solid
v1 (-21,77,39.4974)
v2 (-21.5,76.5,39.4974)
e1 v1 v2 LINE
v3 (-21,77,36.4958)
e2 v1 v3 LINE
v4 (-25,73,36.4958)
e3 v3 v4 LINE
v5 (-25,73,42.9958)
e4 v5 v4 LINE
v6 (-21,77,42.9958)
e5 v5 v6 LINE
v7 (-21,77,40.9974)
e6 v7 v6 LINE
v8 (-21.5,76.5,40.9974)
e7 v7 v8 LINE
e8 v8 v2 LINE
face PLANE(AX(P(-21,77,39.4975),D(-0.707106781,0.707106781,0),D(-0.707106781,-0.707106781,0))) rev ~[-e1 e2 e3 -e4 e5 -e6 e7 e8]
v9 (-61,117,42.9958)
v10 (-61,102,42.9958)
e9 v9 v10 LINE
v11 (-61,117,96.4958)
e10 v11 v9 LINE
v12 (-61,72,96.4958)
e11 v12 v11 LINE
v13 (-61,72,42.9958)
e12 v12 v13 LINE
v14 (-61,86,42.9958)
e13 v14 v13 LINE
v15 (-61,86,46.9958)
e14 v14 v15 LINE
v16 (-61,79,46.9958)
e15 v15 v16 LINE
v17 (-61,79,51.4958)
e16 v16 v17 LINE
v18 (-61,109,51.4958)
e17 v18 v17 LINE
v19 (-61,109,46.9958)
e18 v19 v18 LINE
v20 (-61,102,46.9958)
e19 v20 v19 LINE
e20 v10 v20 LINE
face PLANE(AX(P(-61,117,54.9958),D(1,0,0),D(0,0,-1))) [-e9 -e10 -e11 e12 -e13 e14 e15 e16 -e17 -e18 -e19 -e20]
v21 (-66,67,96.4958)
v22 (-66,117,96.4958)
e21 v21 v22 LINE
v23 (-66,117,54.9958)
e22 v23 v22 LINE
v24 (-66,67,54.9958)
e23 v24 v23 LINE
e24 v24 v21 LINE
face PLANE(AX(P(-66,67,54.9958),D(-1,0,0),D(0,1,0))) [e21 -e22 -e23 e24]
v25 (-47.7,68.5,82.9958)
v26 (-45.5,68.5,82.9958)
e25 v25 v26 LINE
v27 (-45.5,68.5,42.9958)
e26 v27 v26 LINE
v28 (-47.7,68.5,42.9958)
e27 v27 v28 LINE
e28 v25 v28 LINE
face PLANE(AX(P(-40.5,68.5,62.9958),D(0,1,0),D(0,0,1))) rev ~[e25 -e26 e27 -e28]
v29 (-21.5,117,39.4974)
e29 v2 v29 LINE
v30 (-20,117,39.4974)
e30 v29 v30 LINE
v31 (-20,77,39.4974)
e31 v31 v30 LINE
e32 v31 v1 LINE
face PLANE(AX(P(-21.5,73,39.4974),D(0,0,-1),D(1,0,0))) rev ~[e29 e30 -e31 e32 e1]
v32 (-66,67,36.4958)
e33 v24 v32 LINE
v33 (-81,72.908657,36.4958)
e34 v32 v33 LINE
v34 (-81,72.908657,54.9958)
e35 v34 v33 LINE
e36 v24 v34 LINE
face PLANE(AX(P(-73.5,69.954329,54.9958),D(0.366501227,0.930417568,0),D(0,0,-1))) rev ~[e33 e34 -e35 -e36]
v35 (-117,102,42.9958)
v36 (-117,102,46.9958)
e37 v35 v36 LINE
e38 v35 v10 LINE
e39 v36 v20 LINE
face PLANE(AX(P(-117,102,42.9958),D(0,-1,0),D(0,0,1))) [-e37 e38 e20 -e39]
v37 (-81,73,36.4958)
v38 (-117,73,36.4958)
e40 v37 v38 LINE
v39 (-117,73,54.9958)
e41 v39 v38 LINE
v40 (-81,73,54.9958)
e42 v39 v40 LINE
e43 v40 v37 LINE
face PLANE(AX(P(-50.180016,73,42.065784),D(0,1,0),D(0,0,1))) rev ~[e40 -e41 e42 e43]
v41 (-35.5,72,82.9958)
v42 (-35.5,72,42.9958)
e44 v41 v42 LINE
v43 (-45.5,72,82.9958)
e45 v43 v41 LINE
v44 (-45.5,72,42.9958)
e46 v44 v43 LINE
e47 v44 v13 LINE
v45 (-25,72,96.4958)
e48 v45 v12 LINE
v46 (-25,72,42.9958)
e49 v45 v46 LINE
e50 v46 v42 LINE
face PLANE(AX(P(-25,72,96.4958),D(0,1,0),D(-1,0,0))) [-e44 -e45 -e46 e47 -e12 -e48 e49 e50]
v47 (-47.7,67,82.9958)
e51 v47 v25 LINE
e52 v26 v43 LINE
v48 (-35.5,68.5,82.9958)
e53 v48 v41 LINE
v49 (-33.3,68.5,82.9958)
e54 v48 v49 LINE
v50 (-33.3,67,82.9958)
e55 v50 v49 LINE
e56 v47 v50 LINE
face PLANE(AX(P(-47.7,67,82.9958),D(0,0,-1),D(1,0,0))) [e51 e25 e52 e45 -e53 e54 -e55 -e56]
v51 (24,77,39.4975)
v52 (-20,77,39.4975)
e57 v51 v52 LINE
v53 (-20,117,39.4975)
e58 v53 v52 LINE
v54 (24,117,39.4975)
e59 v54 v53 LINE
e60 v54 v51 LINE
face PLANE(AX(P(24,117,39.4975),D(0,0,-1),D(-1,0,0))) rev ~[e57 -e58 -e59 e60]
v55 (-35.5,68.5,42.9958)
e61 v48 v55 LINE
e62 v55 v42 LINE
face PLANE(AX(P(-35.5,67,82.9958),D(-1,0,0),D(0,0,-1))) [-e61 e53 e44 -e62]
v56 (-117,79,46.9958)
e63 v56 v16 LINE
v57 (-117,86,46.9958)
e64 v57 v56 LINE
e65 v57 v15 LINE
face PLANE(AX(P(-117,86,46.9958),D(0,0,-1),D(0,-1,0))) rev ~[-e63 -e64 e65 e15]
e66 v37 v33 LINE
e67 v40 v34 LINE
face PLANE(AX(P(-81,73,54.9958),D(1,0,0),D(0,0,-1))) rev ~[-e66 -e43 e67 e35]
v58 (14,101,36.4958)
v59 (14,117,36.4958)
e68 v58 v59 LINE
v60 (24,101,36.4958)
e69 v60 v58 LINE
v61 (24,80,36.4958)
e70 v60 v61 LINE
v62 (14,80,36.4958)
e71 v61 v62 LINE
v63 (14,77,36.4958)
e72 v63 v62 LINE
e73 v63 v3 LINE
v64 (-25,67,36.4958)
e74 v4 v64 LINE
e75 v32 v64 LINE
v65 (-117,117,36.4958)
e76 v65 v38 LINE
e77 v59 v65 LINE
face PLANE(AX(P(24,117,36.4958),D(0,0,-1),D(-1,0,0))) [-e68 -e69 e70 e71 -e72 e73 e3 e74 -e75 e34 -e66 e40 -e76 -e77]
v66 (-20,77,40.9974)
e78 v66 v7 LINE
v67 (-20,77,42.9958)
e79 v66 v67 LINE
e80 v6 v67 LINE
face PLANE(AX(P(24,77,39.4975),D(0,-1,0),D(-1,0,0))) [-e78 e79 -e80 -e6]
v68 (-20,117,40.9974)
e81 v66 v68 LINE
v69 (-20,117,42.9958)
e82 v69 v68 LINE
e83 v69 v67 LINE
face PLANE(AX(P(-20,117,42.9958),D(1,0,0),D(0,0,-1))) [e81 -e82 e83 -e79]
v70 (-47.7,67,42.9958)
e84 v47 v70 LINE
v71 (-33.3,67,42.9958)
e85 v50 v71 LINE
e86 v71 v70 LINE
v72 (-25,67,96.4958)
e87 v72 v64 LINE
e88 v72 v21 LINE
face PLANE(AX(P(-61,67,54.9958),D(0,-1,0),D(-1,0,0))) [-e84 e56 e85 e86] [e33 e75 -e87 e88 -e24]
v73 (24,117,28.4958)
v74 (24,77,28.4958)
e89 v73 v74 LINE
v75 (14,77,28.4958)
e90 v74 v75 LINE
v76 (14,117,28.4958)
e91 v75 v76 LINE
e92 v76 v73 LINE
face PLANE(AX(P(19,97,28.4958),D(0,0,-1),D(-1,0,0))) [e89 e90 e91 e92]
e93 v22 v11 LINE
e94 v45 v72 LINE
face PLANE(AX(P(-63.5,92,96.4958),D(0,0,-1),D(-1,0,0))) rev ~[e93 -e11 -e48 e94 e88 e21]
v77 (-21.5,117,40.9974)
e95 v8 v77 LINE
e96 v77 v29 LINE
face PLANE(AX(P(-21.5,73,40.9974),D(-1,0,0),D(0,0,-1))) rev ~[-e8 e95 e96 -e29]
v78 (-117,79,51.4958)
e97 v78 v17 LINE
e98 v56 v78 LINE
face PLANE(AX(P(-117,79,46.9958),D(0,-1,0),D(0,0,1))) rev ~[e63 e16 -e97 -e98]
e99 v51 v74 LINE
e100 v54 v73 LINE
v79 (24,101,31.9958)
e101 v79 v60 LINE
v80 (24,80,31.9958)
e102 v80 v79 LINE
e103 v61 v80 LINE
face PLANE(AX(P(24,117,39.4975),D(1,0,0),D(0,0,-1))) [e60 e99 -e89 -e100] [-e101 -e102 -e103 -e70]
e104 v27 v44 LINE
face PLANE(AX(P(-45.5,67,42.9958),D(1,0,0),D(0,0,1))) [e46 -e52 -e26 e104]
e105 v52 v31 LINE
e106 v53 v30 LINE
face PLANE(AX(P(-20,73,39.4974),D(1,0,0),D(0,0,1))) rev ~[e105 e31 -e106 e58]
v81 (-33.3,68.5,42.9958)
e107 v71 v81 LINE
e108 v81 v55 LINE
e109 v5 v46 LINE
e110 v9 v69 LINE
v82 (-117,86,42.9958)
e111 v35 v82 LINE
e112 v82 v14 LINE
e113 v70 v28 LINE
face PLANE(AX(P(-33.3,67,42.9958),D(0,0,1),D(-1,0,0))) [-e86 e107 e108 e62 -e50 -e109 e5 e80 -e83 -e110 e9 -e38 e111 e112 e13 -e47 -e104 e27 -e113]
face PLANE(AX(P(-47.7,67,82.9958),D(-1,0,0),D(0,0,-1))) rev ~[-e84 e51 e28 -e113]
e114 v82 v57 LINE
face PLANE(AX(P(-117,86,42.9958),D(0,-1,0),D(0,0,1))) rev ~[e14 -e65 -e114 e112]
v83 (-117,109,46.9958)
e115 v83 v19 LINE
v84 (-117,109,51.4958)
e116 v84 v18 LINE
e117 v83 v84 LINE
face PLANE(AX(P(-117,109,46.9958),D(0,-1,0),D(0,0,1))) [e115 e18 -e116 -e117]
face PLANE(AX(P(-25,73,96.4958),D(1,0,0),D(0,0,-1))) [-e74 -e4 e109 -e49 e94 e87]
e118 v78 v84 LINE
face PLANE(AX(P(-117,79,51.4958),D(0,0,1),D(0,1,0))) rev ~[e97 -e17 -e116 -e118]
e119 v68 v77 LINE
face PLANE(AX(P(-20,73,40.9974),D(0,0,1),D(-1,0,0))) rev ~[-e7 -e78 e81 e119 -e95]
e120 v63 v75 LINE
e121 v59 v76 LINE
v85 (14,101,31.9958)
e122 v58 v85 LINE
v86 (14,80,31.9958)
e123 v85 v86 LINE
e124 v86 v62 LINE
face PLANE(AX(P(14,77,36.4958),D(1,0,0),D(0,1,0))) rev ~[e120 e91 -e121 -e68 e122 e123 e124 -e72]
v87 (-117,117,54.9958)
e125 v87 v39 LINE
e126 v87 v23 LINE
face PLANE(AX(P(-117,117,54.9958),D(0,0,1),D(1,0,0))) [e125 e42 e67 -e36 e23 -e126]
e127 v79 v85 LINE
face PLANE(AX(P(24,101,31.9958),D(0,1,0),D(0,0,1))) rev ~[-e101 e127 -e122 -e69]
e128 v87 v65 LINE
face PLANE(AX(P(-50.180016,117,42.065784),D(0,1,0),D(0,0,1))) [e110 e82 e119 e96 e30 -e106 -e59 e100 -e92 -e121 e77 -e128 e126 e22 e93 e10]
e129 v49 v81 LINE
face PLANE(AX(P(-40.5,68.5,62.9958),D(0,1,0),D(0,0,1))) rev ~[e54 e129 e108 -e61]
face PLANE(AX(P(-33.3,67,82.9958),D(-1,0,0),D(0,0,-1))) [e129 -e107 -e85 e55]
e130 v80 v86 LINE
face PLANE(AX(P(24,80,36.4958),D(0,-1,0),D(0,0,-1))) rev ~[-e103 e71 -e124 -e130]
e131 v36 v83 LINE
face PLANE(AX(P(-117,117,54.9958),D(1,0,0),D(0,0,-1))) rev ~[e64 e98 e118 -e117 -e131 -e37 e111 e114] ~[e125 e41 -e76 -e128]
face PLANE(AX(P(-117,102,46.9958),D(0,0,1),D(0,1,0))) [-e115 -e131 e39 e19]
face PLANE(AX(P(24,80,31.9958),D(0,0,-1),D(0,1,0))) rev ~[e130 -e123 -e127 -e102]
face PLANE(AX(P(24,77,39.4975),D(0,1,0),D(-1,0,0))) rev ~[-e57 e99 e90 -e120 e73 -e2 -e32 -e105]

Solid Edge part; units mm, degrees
sketch "Sketch1" plane through (0, 117, 0) normal (0, -1, 0) x (1, 0, 0)
  line L0 (-117, 54.9958) -> (-61, 54.9958)
  line L1 (-61, 54.9958) -> (-61, 42.9958)
  line L2 (-61, 42.9958) -> (-20, 42.9958)
  line L3 (-20, 42.9958) -> (-20, 39.4975)
  line L4 (24, 39.4975) -> (-20, 39.4975)
  line L5 (24, 39.4975) -> (24, 36.4958)
  line L6 (24, 36.4958) -> (-117, 36.4958)
  line L7 (-117, 54.9958) -> (-117, 36.4958)
extrude "Protrusion1" add sketch "Sketch1" along normal blind 44
sketch "Sketch2" plane through (-117, 95, 45.2466) normal (-1, 0, 0) x (0, -1, 0)
  line L0 (9, 1.7492) -> (16, 1.7492)
  line L1 (16, 1.7492) -> (16, 6.2492)
  line L2 (16, 6.2492) -> (1, 6.2492)
  line L3 (-14, 6.2492) -> (1, 6.2492)
  line L4 (-14, 1.7492) -> (-14, 6.2492)
  line L5 (-7, 1.7492) -> (-14, 1.7492)
  line L6 (-7, -2.2508) -> (-7, 1.7492)
  line L7 (-7, -2.2508) -> (9, -2.2508)
  line L8 (9, -2.2508) -> (9, 1.7492)
extrude "Cutout1" cut sketch "Sketch2" against normal up to next
sketch "Sketch3" plane through (-2.5, 73, 39.2466) normal (0, -1, 0) x (1, 0, 0)
  line L0 (-17.5, 1.7508) -> (-19, 1.7508)
  line L1 (-19, 1.7508) -> (-19, 0.2508)
  line L2 (-19, 0.2508) -> (-17.5, 0.2508)
  line L3 (-17.5, 0.2508) -> (-17.5, 1.7508)
extrude "Cutout2" cut sketch "Sketch3" against normal up to next
sketch "Sketch4" plane through (3.25, 95, 39.4975) normal (0, 0, 1) x (1, 0, 0)
  line L0 (20.75, -22) -> (20.75, -18)
  line L1 (20.75, -18) -> (-24.25, -18)
  line L2 (-24.25, -18) -> (-28.25, -22)
  line L3 (20.75, -22) -> (-28.25, -22)
extrude "Cutout3" cut sketch "Sketch4" against normal up to next and the other way up to next
sketch "Sketch5" plane through (-46.5, 92.5, 36.4958) normal (0, 0, -1) x (0, 1, 0)
  line L0 (-15.5, 60.5) -> (24.5, 60.5)
  line L1 (24.5, 60.5) -> (24.5, 70.5)
  line L2 (24.5, 70.5) -> (-15.5, 70.5)
  line L3 (-15.5, 70.5) -> (-15.5, 60.5)
extrude "ExtrudedProtrusion_6" add sketch "Sketch5" along normal blind 8
sketch "Sketch6" plane through (24, 98.5, 34.4966) normal (1, 0, 0) x (0, 1, 0)
  line L0 (2.5, -2.5008) -> (2.5, 1.9992)
  line L1 (2.5, 1.9992) -> (-18.5, 1.9992)
  line L2 (-18.5, 1.9992) -> (-18.5, -2.5008)
  line L3 (-18.5, -2.5008) -> (2.5, -2.5008)
extrude "Cutout4" cut sketch "Sketch6" against normal up to next
sketch "Sketch7" plane through (-71, 73, 45.7458) normal (0, -1, 0) x (1, 0, 0)
  line L0 (10, 50.75) -> (10, 9.25)
  line L1 (10, 9.25) -> (-10, 9.25)
  line L2 (-10, 9.25) -> (-10, -9.25)
  line L3 (-10, -9.25) -> (46, -9.25)
  line L4 (46, 50.75) -> (46, -9.25)
  line L5 (10, 50.75) -> (46, 50.75)
extrude "ExtrudedProtrusion_7" add sketch "Sketch7" along normal blind 6
chamfer "Chamfer_4" distance 15 angle 21.5 1 edges at (-81, 67, 45.7458) measured on face at (-52.44, 67, 87.0958)
sketch "Sketch8" plane through (-47.75, 67, 59.9958) normal (0, -1, 0) x (1, 0, 0)
  line L0 (2.25, -17) -> (2.25, 23)
  line L1 (2.25, 23) -> (12.25, 23)
  line L2 (12.25, 23) -> (12.25, -17)
  line L3 (12.25, -17) -> (2.25, -17)
extrude "Cutout5" cut sketch "Sketch8" against normal up to next
sketch "Sketch9" plane through (-47.75, 67, 59.9958) normal (0, -1, 0) x (1, 0, 0)
  line L0 (14.45, -17) -> (0.05, -17)
  line L1 (0.05, 23) -> (0.05, -17)
  line L2 (0.05, 23) -> (14.45, 23)
  line L3 (14.45, 23) -> (14.45, -17)
extrude "ExtrudedCutout_8" cut sketch "Sketch9" against normal blind 1.5
sketch "Sketch10" plane through (-89, 92.5, 54.9958) normal (0, 0, 1) x (0, -1, 0)
  line L0 (25.5, 23) -> (-24.5, 23)
  line L1 (-24.5, 23) -> (-24.5, 28)
  line L2 (-24.5, 28) -> (25.5, 28)
  line L3 (25.5, 28) -> (25.5, 23)
extrude "Protrusion2" add sketch "Sketch10" along normal up to vertex (41.5 mm away)
sketch "Sketch11" plane through (-45.5, 92, 96.4958) normal (0, 0, 1) x (1, 0, 0)
  line L0 (20.5, -20) -> (-15.5, -20)
  line L1 (-15.5, -20) -> (-15.5, -19)
  line L2 (-15.5, -19) -> (20.5, -19)
  line L3 (20.5, -19) -> (20.5, -20)
extrude "Cutout6" cut sketch "Sketch11" against normal up to vertex (53.5 mm away)
